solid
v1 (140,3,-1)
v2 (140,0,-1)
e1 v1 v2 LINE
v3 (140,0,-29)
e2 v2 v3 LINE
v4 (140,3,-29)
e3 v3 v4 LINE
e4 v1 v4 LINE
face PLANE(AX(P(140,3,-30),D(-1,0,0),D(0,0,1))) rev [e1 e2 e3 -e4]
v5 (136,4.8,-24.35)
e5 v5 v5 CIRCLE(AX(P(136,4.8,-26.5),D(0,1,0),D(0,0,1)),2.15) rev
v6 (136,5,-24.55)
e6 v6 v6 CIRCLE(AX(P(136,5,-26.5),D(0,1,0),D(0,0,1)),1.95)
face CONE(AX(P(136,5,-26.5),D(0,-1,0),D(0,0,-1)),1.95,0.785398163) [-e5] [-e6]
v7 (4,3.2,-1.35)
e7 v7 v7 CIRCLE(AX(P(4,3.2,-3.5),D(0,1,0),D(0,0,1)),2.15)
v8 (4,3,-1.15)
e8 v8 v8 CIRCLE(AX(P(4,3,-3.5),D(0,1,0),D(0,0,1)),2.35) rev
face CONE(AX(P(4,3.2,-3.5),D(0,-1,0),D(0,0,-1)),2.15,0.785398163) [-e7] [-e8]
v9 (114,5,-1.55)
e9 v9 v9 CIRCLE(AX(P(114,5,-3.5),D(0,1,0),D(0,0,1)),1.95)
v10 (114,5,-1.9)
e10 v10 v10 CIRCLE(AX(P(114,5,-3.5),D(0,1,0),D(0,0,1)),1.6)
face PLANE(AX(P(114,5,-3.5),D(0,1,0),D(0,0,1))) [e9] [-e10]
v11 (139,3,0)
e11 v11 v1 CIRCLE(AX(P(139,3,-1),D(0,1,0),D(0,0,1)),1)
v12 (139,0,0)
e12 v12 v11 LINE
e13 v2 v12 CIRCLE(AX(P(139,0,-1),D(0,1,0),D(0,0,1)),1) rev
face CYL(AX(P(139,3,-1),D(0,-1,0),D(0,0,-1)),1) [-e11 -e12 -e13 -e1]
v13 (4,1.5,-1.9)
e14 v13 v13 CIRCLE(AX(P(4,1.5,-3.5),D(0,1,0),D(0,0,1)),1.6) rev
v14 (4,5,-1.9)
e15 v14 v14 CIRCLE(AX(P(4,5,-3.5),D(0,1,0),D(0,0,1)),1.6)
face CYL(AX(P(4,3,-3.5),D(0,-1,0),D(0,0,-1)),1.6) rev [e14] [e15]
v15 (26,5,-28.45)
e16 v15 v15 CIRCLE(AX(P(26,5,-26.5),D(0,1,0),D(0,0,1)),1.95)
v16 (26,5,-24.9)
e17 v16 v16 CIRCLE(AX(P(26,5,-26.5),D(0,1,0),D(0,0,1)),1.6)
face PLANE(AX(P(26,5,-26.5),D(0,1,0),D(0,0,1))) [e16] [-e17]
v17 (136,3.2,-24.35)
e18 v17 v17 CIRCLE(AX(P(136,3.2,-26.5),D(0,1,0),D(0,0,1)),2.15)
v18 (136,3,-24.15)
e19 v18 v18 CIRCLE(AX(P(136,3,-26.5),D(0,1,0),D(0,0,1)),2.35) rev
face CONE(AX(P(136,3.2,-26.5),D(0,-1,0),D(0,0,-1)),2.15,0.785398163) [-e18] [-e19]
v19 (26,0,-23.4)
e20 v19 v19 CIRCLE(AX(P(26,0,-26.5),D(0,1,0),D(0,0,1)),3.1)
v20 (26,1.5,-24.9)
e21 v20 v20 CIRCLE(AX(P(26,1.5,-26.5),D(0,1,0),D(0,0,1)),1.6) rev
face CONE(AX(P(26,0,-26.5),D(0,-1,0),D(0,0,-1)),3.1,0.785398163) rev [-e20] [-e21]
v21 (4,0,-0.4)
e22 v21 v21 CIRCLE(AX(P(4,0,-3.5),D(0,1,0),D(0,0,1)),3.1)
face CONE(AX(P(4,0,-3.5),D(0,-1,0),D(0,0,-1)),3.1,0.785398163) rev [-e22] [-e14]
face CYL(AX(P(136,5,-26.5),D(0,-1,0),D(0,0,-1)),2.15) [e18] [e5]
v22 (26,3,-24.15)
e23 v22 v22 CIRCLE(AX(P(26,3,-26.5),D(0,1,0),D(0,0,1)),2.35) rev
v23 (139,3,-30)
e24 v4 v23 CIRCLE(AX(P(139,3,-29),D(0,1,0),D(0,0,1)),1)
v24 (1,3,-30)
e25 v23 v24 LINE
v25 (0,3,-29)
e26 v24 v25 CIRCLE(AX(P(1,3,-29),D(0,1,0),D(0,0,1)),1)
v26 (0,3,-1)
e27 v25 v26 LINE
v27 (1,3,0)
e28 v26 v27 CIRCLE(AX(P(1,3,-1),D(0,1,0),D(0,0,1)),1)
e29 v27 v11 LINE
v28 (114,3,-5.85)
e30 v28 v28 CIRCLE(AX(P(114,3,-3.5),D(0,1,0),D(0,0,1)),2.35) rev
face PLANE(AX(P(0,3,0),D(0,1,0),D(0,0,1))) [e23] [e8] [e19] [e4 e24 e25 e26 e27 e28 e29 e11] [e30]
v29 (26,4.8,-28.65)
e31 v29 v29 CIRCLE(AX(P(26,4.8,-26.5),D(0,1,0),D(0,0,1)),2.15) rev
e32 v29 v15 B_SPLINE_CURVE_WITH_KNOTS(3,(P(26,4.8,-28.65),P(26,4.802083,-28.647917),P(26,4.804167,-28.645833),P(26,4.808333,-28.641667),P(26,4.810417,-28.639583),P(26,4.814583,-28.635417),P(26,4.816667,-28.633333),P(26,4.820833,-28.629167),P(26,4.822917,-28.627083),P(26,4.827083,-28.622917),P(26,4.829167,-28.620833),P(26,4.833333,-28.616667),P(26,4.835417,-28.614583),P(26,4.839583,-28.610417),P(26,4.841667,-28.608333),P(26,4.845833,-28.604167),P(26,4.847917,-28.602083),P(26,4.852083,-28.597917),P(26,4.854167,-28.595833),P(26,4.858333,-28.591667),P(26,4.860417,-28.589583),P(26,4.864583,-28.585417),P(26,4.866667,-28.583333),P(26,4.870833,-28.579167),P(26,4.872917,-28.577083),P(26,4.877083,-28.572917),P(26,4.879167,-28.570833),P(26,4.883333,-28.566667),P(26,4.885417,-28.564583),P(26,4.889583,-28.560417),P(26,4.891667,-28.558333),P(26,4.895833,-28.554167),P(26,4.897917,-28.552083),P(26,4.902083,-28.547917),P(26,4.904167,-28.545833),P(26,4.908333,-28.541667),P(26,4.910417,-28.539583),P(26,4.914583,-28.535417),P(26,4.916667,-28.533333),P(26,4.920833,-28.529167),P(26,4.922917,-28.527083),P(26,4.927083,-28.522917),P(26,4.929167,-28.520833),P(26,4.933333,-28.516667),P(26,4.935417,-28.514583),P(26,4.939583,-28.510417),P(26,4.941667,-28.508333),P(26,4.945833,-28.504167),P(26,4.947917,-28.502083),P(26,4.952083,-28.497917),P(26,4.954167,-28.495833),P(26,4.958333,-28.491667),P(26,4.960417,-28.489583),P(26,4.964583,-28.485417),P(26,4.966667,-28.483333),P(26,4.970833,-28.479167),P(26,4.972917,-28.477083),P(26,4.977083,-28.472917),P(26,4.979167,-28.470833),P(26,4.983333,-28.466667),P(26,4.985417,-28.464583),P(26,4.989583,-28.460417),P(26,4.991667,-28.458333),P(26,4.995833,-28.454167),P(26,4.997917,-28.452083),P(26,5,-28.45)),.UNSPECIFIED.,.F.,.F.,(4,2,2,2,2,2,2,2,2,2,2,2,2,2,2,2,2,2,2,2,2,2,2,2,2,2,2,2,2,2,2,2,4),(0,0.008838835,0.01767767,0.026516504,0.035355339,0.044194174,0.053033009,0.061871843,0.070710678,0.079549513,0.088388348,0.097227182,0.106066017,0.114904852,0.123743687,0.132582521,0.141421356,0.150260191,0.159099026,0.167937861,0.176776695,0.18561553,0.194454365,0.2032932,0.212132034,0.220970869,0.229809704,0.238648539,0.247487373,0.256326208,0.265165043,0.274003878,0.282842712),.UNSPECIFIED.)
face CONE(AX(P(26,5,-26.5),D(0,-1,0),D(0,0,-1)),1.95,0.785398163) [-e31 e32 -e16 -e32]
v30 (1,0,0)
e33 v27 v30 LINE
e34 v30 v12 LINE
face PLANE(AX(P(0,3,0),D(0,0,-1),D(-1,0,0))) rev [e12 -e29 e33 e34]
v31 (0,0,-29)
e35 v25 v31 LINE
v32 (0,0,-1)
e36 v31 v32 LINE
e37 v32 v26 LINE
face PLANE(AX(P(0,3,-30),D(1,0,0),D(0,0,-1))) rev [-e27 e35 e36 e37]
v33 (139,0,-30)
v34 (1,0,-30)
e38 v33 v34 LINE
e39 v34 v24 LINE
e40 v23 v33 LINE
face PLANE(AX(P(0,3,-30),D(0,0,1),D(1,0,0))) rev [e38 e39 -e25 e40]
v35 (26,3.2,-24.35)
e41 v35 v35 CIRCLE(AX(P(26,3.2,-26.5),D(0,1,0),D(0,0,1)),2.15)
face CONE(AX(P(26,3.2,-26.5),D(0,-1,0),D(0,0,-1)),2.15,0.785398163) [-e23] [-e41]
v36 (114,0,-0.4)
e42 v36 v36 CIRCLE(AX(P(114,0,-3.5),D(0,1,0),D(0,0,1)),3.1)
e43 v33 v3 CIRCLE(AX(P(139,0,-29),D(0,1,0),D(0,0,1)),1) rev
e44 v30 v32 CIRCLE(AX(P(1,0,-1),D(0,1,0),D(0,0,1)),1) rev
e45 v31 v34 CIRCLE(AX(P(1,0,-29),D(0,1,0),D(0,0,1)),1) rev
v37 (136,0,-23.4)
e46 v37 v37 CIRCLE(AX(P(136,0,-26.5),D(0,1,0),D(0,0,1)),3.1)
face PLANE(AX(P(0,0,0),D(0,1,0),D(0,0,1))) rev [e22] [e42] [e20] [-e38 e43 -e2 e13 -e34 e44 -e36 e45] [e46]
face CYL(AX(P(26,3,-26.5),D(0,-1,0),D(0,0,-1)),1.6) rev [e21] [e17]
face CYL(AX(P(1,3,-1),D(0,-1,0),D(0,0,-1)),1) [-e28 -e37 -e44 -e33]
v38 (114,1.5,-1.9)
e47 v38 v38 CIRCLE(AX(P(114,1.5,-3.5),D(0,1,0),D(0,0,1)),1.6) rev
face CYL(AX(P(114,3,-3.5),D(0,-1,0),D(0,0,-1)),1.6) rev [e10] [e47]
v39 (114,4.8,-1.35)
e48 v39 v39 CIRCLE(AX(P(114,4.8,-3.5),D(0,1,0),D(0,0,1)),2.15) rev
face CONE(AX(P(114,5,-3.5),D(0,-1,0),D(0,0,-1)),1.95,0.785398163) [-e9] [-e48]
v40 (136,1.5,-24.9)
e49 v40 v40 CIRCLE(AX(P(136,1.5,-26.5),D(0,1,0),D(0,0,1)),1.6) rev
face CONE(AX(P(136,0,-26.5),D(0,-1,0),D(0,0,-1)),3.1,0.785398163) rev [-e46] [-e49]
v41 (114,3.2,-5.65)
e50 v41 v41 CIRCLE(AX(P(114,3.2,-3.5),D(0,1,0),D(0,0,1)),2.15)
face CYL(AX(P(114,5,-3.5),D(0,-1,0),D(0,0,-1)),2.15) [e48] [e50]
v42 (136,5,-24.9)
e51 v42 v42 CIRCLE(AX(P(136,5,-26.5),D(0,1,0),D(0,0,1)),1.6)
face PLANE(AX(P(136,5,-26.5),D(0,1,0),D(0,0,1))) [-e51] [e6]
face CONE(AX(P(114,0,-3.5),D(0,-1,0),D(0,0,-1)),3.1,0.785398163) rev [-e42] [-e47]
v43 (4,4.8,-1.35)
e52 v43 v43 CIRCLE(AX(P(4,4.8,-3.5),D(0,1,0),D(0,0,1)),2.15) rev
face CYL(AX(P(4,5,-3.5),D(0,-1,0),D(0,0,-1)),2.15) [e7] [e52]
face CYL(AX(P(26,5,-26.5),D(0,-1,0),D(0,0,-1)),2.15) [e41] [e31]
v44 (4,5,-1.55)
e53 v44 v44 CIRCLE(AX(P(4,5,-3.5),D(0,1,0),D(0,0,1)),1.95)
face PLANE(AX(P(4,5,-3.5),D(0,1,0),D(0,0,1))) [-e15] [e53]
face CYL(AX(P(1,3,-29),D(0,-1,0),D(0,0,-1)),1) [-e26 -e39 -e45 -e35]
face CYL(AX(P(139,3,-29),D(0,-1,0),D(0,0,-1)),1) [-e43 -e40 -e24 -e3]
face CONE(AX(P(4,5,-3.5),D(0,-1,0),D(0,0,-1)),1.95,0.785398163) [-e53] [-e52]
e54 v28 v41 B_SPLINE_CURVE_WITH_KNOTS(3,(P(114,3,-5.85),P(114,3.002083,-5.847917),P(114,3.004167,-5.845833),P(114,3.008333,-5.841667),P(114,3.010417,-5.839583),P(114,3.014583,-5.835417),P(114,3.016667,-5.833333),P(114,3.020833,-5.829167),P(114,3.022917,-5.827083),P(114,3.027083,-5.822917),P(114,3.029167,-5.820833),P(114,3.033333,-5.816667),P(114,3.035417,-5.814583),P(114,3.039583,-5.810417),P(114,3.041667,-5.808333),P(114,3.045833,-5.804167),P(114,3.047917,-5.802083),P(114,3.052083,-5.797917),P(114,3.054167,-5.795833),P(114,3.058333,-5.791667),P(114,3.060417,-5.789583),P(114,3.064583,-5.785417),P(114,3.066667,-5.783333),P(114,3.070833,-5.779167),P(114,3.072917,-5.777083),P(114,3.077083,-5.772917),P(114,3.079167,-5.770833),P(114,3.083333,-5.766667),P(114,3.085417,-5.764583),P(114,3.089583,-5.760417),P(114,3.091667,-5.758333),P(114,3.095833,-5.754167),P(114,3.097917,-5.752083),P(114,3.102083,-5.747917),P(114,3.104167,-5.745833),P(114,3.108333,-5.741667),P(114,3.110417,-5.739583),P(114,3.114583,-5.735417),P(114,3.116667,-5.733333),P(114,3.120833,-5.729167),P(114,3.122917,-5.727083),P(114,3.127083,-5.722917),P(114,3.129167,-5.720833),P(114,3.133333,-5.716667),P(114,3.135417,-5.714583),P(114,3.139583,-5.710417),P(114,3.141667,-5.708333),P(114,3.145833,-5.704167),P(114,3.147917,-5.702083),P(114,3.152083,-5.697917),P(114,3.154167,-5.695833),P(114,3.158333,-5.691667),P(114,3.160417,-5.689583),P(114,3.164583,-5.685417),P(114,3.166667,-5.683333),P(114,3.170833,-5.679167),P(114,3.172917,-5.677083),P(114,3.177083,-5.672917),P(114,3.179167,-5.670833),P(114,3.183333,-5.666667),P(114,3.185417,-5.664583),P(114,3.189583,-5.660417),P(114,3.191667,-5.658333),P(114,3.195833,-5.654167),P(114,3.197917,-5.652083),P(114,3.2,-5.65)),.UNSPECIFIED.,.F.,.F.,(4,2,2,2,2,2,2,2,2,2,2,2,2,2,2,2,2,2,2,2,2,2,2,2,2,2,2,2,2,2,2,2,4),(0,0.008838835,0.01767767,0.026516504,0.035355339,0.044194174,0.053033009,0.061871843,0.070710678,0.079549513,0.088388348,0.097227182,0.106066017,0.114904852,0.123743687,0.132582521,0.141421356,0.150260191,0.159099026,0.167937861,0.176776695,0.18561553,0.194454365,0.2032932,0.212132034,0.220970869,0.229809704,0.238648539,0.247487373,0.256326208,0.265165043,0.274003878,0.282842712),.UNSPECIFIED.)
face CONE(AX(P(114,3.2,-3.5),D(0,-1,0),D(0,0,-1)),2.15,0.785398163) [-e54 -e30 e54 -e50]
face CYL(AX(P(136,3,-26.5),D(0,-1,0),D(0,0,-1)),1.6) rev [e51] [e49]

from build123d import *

# Parameters (mm, degrees)
ESQUISSE1_W        = 140
ESQUISSE1_H        = 30
ESQUISSE1_R        = 1.6
BOSS_EXTRU_1_DEPTH = 3
ESQUISSE2_R        = 2.15
ESQUISSE2_R_2      = 1.6
BOSS_EXTRU_2_DEPTH = 2
CHANFREIN1_SIZE    = 0.2
CHANFREIN2_SIZE    = 1.5
CONG_1_R           = 1


with BuildPart() as part:
    # Esquisse1 → Boss.-Extru.1 (new body)
    with BuildSketch(Plane(origin=(0, 0, 0), x_dir=(1, 0, 0), z_dir=(0, 1, 0))):
        with Locations((70, 15)):
            Rectangle(ESQUISSE1_W, ESQUISSE1_H)
        with Locations(Location((4, 3.5, 0), (0, 0, 270))):
            Circle(ESQUISSE1_R, mode=Mode.SUBTRACT)
        with Locations(Location((26, 26.5, 0), (0, 0, 270))):
            Circle(ESQUISSE1_R, mode=Mode.SUBTRACT)
        with Locations(Location((114, 3.5, 0), (0, 0, 270))):
            Circle(ESQUISSE1_R, mode=Mode.SUBTRACT)
        with Locations(Location((136, 26.5, 0), (0, 0, 270))):
            Circle(ESQUISSE1_R, mode=Mode.SUBTRACT)
    extrude(amount=BOSS_EXTRU_1_DEPTH)

    # Esquisse2 → Boss.-Extru.2 (add)
    # profile 1 of 4: a face of its own
    with BuildSketch(Plane(origin=(0, 3, 0), x_dir=(1, 0, 0), z_dir=(0, 1, 0))):
        with Locations(Location((4, 3.5, 0), (0, 0, 270))):
            Circle(ESQUISSE2_R)
        with Locations(Location((4, 3.5, 0), (0, 0, 270))):
            Circle(ESQUISSE2_R_2, mode=Mode.SUBTRACT)
    # profile 2 of 4: a face of its own
    with BuildSketch(Plane(origin=(0, 3, 0), x_dir=(1, 0, 0), z_dir=(0, 1, 0))):
        with Locations(Location((26, 26.5, 0), (0, 0, 270))):
            Circle(ESQUISSE2_R)
        with Locations(Location((26, 26.5, 0), (0, 0, 270))):
            Circle(ESQUISSE2_R_2, mode=Mode.SUBTRACT)
    # profile 3 of 4: a face of its own
    with BuildSketch(Plane(origin=(0, 3, 0), x_dir=(1, 0, 0), z_dir=(0, 1, 0))):
        with Locations(Location((114, 3.5, 0), (0, 0, 270))):
            Circle(ESQUISSE2_R)
        with Locations(Location((114, 3.5, 0), (0, 0, 270))):
            Circle(ESQUISSE2_R_2, mode=Mode.SUBTRACT)
    # profile 4 of 4: a face of its own
    with BuildSketch(Plane(origin=(0, 3, 0), x_dir=(1, 0, 0), z_dir=(0, 1, 0))):
        with Locations(Location((136, 26.5, 0), (0, 0, 270))):
            Circle(ESQUISSE2_R)
        with Locations(Location((136, 26.5, 0), (0, 0, 270))):
            Circle(ESQUISSE2_R_2, mode=Mode.SUBTRACT)
    extrude(amount=BOSS_EXTRU_2_DEPTH)

    # Chanfrein1
    chanfrein1_edges = [part.edges().sort_by_distance(p)[0] for p in [
        (4, 5, -5.65),
        (4, 3, -5.65),
        (26, 5, -28.65),
        (26, 3, -28.65),
        (114, 5, -5.65),
        (114, 3, -5.65),
        (136, 5, -28.65),
        (136, 3, -28.65),
    ]]
    chamfer(chanfrein1_edges, length=CHANFREIN1_SIZE)

    # Chanfrein2
    chanfrein2_edges = [part.edges().sort_by_distance(p)[0] for p in [
        (4, 0, -5.1),
        (26, 0, -28.1),
        (114, 0, -5.1),
        (136, 0, -28.1),
    ]]
    chamfer(chanfrein2_edges, length=CHANFREIN2_SIZE)

    # Congé1
    cong_1_edges = [part.edges().sort_by_distance(p)[0] for p in [
        (0, 1.5, -30),
        (140, 1.5, -30),
        (140, 1.5, 0),
        (0, 1.5, 0),
    ]]
    fillet(cong_1_edges, radius=CONG_1_R)


solid = part.part
